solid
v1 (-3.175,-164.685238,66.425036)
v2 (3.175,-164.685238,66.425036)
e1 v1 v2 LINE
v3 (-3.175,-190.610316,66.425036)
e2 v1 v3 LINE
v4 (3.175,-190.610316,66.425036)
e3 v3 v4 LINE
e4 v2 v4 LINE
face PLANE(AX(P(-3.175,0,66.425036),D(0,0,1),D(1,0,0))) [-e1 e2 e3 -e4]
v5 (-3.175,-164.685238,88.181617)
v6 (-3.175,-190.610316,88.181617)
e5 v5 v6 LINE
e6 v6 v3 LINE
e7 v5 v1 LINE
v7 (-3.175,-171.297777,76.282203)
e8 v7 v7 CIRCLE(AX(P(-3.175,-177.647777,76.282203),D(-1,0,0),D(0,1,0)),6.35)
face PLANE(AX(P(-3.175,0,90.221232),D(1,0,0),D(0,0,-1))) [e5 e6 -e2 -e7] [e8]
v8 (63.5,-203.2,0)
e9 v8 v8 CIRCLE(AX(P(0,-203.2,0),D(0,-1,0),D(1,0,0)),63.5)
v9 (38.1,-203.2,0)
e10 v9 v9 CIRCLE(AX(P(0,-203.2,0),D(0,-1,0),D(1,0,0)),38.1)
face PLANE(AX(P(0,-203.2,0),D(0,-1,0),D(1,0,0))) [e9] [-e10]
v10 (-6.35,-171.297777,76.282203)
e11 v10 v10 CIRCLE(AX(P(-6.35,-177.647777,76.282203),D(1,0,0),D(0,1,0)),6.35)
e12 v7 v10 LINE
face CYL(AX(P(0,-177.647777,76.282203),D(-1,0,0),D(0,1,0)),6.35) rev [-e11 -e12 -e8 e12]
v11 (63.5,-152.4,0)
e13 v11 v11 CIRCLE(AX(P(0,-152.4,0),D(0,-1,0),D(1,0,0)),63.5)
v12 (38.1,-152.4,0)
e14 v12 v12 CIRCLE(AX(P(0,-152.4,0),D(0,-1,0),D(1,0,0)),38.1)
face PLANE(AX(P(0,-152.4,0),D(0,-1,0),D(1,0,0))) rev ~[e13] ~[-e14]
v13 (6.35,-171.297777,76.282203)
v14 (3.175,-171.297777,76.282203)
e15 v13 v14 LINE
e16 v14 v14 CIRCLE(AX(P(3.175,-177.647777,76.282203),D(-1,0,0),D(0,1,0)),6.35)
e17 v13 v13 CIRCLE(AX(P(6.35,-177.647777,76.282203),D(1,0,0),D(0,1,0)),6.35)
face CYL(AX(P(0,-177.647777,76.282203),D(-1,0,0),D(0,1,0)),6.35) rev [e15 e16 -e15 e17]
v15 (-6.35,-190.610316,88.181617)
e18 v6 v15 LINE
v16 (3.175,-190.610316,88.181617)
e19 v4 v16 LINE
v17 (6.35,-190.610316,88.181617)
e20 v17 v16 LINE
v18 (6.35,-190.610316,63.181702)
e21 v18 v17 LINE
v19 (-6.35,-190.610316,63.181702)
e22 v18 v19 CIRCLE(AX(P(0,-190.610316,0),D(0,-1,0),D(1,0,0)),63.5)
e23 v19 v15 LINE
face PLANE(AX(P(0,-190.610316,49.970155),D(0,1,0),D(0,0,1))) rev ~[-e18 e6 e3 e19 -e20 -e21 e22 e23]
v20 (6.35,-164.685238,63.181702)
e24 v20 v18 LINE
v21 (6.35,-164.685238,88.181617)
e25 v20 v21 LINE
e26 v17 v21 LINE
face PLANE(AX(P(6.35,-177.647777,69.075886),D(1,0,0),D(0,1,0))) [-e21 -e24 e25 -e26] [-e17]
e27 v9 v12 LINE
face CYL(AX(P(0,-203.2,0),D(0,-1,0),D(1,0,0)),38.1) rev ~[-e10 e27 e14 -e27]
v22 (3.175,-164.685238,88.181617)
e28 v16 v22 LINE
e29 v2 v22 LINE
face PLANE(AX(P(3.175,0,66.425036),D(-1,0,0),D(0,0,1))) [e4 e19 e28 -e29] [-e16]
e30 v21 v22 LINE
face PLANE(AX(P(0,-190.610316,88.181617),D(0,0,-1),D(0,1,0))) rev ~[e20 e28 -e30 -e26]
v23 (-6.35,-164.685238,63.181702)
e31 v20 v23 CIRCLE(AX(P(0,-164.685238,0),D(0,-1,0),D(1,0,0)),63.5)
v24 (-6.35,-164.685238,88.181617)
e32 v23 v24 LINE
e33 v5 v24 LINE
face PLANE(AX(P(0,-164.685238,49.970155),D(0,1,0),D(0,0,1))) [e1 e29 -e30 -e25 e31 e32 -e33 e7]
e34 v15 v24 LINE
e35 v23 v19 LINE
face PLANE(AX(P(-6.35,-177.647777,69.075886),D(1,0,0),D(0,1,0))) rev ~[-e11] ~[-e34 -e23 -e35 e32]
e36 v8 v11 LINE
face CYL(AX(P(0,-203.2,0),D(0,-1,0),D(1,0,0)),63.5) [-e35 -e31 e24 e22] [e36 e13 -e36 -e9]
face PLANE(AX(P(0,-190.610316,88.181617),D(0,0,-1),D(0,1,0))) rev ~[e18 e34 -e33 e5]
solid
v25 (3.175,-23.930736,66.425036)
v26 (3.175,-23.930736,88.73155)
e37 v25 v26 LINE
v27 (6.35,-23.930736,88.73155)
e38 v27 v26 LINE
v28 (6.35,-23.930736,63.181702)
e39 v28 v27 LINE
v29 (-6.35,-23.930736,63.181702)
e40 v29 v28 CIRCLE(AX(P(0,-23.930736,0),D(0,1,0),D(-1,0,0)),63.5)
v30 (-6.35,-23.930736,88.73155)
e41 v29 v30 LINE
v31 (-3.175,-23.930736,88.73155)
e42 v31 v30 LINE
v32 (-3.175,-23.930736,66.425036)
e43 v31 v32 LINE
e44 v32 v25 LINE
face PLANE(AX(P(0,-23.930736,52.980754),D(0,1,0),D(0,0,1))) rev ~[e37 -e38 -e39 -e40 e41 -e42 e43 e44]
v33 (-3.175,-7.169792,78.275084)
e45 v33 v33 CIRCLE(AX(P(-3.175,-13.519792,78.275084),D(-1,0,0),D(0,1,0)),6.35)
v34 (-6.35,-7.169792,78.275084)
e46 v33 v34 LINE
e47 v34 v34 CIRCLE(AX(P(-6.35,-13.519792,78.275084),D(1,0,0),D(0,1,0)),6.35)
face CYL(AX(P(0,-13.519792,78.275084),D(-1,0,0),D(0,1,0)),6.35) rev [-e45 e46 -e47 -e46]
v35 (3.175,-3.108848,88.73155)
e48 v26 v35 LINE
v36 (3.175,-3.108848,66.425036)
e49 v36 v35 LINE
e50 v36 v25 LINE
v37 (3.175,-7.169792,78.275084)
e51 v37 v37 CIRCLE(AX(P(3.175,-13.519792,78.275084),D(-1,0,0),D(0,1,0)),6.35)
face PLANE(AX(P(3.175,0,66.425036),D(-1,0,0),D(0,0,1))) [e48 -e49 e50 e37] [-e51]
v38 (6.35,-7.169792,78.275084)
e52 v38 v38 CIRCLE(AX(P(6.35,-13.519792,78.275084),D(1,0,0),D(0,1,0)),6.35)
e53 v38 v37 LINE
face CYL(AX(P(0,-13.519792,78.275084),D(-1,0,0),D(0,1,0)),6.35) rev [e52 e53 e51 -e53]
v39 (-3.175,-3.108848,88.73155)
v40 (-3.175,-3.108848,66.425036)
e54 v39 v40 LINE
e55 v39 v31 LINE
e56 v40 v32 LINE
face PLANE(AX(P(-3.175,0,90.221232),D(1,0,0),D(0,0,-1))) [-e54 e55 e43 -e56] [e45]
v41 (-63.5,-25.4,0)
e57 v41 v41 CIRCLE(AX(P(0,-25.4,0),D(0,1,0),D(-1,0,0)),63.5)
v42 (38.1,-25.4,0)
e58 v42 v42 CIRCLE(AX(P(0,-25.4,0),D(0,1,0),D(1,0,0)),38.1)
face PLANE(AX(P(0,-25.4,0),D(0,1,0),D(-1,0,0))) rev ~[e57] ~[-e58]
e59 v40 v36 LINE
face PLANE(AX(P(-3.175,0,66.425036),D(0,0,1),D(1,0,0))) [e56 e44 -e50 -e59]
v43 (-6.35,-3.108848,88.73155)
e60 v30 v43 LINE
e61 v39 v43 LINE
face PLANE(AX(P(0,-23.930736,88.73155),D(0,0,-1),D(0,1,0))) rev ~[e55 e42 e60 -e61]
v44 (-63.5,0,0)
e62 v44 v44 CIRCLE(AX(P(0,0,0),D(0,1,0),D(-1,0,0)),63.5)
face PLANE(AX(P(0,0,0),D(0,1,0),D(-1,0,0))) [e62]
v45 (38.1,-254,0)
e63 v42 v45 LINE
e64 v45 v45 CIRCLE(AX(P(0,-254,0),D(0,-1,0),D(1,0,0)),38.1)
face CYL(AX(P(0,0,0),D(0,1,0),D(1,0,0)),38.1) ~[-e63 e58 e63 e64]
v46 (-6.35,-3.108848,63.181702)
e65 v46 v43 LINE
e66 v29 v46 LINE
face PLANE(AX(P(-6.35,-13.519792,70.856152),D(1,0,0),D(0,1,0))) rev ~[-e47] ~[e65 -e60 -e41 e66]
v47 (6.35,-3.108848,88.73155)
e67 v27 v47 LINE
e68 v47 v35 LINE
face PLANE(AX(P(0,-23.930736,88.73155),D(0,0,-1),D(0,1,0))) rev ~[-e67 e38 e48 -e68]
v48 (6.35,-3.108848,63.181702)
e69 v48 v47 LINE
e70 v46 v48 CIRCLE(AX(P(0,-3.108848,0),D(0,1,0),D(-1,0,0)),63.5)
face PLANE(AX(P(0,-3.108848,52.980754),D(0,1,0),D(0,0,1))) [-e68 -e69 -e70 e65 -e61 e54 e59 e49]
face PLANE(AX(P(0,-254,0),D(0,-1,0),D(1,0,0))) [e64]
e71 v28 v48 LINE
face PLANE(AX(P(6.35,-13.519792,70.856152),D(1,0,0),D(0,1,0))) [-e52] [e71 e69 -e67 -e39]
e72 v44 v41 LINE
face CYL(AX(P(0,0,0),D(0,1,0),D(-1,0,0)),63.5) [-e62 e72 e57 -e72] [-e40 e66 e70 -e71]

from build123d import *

# Parameters (mm, degrees)
F0_R      = 38.1
F1_DEPTH  = 254
F2_R      = 63.5
F3_DEPTH  = 25.4
F4_R      = 63.5
F4_R_2    = 38.1
F5_DEPTH  = 50.8
F7_W      = 25.925078
F7_H      = 38.211462
F7_R      = 6.35
F8_DEPTH  = 6.35
F9_W      = 20.821888
F9_H      = 35.750796
F9_R      = 6.35
F10_DEPTH = 6.35
F12_DEPTH = 254


with BuildPart() as f1:
    # F0 (on Front) → F1 (new body)
    with BuildSketch(Plane.XZ):
        Circle(F0_R)
    extrude(amount=F1_DEPTH)

    # F2 (on face) → F3 (join)
    with BuildSketch(Plane(origin=(0, 0, 0), x_dir=(-1, 0, 0), z_dir=(0, 1, 0))):
        Circle(F2_R)
    extrude(amount=-F3_DEPTH)

    # F9 (on Right) → F10 (join, symmetric)
    with BuildSketch(Plane.YZ):
        with Locations((-13.519792, 70.856152)):
            Rectangle(F9_W, F9_H)
        with Locations((-13.519792, 78.275084)):
            Circle(F9_R, mode=Mode.SUBTRACT)
    extrude(amount=F10_DEPTH, both=True)


with BuildPart() as f5:
    # F4 (on face) → F5 (new body)
    with BuildSketch(Plane.XZ.offset(254)):
        Circle(F4_R)
        Circle(F4_R_2, mode=Mode.SUBTRACT)
    extrude(amount=-F5_DEPTH)


with BuildPart() as f5_1:
    # F6: moved
    add(f5.part.moved(Location((0, 50.8, 0))))

    # F7 (on Right) → F8 (join, symmetric)
    with BuildSketch(Plane.YZ):
        with Locations((-177.647777, 69.075886)):
            Rectangle(F7_W, F7_H)
        with Locations((-177.647777, 76.282203)):
            Circle(F7_R, mode=Mode.SUBTRACT)
    extrude(amount=F8_DEPTH, both=True)


with BuildPart() as f12_tool:
    # F11 (on Front) → F12 (new body)
    with BuildSketch(Plane.XZ):
        Polygon((-3.175, 66.425036), (0, 66.425036), (3.175, 66.425036), (3.175, 90.221232), (0, 90.221232), (-3.175, 90.221232), align=None)
    extrude(amount=F12_DEPTH)


with BuildPart() as f1_1:
    add(f1.part)

    # F12: cut by f12_tool
    add(f12_tool.part, mode=Mode.SUBTRACT)


with BuildPart() as f5_2:
    add(f5_1.part)

    # F12: cut by f12_tool
    add(f12_tool.part, mode=Mode.SUBTRACT)


solid = Compound([f1_1.part, f5_2.part])
